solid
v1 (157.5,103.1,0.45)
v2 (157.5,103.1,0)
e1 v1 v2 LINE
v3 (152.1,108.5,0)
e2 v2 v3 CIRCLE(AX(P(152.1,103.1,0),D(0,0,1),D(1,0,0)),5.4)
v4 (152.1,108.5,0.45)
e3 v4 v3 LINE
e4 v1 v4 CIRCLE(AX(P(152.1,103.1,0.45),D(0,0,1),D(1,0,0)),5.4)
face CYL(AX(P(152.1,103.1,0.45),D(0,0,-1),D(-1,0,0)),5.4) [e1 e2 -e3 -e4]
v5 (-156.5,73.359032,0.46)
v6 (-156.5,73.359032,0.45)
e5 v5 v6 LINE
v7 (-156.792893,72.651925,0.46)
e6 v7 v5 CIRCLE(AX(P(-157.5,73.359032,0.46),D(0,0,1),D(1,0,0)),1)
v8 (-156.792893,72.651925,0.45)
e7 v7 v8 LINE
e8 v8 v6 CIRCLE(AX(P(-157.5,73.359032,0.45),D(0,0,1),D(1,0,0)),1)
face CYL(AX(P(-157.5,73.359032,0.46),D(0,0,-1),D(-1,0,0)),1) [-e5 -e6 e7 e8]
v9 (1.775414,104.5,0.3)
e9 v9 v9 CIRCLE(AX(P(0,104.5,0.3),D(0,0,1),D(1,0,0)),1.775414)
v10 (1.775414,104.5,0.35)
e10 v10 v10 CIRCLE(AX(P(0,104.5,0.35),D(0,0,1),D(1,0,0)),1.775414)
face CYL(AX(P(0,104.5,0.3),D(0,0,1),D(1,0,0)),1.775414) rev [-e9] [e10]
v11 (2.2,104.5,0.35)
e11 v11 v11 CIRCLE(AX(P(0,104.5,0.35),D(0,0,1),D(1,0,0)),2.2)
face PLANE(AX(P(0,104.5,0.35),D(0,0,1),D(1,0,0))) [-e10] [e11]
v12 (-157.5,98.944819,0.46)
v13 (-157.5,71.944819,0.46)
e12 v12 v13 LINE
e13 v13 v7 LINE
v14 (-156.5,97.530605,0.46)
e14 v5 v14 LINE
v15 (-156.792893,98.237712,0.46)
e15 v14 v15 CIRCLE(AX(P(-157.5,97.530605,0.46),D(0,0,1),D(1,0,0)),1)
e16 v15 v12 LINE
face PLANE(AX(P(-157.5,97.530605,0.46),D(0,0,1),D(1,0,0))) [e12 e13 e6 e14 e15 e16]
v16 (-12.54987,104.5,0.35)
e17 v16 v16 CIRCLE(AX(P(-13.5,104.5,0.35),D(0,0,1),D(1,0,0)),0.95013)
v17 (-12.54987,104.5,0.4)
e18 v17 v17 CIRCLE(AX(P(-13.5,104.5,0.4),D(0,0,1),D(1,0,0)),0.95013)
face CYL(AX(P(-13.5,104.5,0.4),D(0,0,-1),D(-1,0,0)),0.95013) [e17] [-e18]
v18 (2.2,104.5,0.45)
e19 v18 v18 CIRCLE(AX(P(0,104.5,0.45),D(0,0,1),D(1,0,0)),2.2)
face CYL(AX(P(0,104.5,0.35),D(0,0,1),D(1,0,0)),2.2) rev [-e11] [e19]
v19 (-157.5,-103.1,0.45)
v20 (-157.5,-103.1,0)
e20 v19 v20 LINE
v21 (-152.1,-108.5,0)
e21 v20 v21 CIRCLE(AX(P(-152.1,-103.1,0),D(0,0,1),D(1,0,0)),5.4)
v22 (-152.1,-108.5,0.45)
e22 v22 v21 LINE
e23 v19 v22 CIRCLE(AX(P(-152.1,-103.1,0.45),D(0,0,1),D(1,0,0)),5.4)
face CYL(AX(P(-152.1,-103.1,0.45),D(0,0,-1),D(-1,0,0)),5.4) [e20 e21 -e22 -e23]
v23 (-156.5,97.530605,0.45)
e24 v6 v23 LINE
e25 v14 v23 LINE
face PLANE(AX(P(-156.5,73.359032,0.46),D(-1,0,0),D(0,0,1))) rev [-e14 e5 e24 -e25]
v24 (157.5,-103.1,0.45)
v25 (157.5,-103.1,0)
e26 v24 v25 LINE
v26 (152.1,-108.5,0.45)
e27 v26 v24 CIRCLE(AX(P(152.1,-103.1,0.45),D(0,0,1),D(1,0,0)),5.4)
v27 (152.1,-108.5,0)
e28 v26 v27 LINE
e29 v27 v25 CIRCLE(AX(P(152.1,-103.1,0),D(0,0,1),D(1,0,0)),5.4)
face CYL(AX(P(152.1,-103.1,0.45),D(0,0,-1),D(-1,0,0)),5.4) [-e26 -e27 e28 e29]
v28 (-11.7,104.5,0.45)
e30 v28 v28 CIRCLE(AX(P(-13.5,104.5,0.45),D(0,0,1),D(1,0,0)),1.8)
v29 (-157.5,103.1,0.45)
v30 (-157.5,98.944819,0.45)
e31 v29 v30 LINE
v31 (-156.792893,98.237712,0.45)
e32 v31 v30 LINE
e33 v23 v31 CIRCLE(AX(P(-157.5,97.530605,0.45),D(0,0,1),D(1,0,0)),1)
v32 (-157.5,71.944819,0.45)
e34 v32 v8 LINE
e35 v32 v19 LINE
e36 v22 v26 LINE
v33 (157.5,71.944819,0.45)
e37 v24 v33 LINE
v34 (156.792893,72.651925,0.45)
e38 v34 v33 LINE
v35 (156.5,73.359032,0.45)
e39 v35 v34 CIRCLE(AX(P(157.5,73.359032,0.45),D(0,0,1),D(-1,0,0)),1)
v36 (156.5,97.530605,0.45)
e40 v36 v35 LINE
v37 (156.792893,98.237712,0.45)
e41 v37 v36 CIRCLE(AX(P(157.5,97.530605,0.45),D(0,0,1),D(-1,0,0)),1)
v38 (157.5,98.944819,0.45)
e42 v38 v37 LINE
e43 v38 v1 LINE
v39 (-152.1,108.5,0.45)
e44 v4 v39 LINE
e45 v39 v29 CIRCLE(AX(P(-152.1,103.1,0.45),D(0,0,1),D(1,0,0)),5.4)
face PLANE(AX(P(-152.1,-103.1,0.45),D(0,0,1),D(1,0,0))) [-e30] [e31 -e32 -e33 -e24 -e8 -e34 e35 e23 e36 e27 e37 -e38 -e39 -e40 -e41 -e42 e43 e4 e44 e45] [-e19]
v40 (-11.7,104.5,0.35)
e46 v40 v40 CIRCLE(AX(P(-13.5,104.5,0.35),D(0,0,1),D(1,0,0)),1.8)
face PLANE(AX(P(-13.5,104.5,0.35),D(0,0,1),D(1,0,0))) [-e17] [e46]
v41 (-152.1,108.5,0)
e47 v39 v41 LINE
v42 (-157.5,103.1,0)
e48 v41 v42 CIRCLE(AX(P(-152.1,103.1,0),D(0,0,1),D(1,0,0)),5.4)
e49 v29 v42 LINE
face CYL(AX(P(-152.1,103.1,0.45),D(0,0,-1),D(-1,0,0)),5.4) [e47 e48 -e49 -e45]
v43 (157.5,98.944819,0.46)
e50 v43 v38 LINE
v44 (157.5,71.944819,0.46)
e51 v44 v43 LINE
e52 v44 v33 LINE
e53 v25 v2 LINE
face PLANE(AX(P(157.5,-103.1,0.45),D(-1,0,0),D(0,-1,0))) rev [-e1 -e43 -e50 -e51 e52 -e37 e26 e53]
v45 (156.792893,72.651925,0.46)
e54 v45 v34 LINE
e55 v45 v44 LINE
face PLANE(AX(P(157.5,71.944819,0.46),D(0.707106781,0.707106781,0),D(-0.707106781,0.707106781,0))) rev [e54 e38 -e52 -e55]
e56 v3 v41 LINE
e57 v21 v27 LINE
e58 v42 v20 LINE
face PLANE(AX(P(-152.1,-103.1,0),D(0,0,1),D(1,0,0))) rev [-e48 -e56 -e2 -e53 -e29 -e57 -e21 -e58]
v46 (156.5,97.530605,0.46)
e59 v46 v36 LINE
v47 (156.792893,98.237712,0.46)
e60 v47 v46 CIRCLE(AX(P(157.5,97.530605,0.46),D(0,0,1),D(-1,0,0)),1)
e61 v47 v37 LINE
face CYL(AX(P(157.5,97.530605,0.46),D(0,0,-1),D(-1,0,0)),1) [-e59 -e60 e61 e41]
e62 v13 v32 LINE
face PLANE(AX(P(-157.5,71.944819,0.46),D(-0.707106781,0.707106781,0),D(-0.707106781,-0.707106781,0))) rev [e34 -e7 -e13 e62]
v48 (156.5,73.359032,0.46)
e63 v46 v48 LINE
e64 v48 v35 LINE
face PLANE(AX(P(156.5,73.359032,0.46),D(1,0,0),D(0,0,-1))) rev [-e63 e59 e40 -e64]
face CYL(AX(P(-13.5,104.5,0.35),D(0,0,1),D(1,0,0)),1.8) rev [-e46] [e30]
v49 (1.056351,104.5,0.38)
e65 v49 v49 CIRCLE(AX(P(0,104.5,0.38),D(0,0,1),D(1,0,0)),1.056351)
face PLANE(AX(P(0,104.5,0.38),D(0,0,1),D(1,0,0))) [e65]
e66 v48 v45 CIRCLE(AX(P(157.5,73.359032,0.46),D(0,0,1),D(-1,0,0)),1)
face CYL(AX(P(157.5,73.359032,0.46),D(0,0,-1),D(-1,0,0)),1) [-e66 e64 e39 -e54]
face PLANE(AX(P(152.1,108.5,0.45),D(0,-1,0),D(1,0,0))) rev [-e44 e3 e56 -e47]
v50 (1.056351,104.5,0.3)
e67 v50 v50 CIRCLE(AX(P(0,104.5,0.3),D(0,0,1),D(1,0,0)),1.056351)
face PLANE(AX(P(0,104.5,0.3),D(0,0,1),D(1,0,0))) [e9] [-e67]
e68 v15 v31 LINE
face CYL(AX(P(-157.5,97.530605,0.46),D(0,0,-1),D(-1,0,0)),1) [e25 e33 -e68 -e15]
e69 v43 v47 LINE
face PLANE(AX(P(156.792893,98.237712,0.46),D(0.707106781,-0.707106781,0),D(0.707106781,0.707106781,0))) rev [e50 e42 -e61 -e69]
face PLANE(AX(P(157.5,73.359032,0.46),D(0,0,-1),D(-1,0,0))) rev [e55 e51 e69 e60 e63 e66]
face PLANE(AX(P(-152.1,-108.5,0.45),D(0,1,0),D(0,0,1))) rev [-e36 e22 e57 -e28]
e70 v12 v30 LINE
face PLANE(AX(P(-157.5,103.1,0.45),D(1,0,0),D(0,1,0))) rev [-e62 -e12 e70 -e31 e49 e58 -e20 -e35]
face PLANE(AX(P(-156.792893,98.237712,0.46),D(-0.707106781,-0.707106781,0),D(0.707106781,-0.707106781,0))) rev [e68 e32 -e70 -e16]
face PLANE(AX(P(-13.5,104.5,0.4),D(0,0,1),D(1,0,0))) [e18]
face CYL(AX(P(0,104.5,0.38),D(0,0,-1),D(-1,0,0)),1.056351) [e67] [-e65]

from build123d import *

# Parameters (mm, degrees)
BOSS_EXTRUDE1_DEPTH = 0.45
SKETCH3_R           = 2.2
SKETCH3_R_2         = 1.8
CUT_EXTRUDE1_DEPTH  = 0.1
SKETCH4_R           = 0.950130495
BOSS_EXTRUDE2_DEPTH = 0.05
SKETCH5_R           = 1.775413814
CUT_EXTRUDE2_DEPTH  = 0.05
SKETCH6_R           = 1.05635073
BOSS_EXTRUDE3_DEPTH = 0.08
BOSS_EXTRUDE5_DEPTH = 0.01


with BuildPart() as part:
    # Sketch1 → Boss-Extrude1 (new body)
    with BuildSketch(Plane.XY):
        with BuildLine():
            Line((-152.1, -108.5), (152.1, -108.5))
            ThreePointArc((152.1, -108.5), (155.918376618, -106.918376618), (157.5, -103.1))
            Line((157.5, -103.1), (157.5, 103.1))
            ThreePointArc((157.5, 103.1), (155.918376618, 106.918376618), (152.1, 108.5))
            Line((152.1, 108.5), (-152.1, 108.5))
            ThreePointArc((-152.1, 108.5), (-155.918376618, 106.918376618), (-157.5, 103.1))
            Line((-157.5, 103.1), (-157.5, -103.1))
            ThreePointArc((-157.5, -103.1), (-155.918376618, -106.918376618), (-152.1, -108.5))
        make_face()
    extrude(amount=BOSS_EXTRUDE1_DEPTH)

    # Sketch3 → Cut-Extrude1 (cut)
    with BuildSketch(Plane.XY.offset(0.45)):
        with Locations((0, 104.5)):
            Circle(SKETCH3_R)
        with Locations((-13.5, 104.5)):
            Circle(SKETCH3_R_2)
    extrude(amount=-CUT_EXTRUDE1_DEPTH, mode=Mode.SUBTRACT)

    # Sketch4 → Boss-Extrude2 (add)
    with BuildSketch(Plane.XY.offset(0.35)):
        with Locations((-13.5, 104.5)):
            Circle(SKETCH4_R)
    extrude(amount=BOSS_EXTRUDE2_DEPTH)

    # Sketch5 → Cut-Extrude2 (cut)
    with BuildSketch(Plane.XY.offset(0.35)):
        with Locations((0, 104.5)):
            Circle(SKETCH5_R)
    extrude(amount=-CUT_EXTRUDE2_DEPTH, mode=Mode.SUBTRACT)

    # Sketch6 → Boss-Extrude3 (add)
    with BuildSketch(Plane.XY.offset(0.3)):
        with Locations((0, 104.5)):
            Circle(SKETCH6_R)
    extrude(amount=BOSS_EXTRUDE3_DEPTH)

    # Sketch7 → Boss-Extrude5 (add)
    with BuildSketch(Plane.XY.offset(0.45)):
        with BuildLine():
            Line((157.5, 71.944818632), (156.792893219, 72.651925413))
            ThreePointArc((156.792893219, 72.651925413), (156.576120467, 72.976348762), (156.5, 73.359032194))
            Line((156.5, 73.359032194), (156.5, 97.530605069))
            ThreePointArc((156.5, 97.530605069), (156.576120467, 97.913288502), (156.792893219, 98.23771185))
            Line((156.792893219, 98.23771185), (157.5, 98.944818632))
            Line((157.5, 98.944818632), (157.5, 71.944818632))
        make_face()
        with BuildLine():
            Line((-157.5, 98.944818632), (-157.5, 71.944818632))
            Line((-157.5, 71.944818632), (-156.792893219, 72.651925413))
            ThreePointArc((-156.792893219, 72.651925413), (-156.576120467, 72.976348762), (-156.5, 73.359032194))
            Line((-156.5, 73.359032194), (-156.5, 97.530605069))
            ThreePointArc((-156.5, 97.530605069), (-156.576120467, 97.913288502), (-156.792893219, 98.23771185))
            Line((-156.792893219, 98.23771185), (-157.5, 98.944818632))
        make_face()
    extrude(amount=BOSS_EXTRUDE5_DEPTH)


solid = part.part
